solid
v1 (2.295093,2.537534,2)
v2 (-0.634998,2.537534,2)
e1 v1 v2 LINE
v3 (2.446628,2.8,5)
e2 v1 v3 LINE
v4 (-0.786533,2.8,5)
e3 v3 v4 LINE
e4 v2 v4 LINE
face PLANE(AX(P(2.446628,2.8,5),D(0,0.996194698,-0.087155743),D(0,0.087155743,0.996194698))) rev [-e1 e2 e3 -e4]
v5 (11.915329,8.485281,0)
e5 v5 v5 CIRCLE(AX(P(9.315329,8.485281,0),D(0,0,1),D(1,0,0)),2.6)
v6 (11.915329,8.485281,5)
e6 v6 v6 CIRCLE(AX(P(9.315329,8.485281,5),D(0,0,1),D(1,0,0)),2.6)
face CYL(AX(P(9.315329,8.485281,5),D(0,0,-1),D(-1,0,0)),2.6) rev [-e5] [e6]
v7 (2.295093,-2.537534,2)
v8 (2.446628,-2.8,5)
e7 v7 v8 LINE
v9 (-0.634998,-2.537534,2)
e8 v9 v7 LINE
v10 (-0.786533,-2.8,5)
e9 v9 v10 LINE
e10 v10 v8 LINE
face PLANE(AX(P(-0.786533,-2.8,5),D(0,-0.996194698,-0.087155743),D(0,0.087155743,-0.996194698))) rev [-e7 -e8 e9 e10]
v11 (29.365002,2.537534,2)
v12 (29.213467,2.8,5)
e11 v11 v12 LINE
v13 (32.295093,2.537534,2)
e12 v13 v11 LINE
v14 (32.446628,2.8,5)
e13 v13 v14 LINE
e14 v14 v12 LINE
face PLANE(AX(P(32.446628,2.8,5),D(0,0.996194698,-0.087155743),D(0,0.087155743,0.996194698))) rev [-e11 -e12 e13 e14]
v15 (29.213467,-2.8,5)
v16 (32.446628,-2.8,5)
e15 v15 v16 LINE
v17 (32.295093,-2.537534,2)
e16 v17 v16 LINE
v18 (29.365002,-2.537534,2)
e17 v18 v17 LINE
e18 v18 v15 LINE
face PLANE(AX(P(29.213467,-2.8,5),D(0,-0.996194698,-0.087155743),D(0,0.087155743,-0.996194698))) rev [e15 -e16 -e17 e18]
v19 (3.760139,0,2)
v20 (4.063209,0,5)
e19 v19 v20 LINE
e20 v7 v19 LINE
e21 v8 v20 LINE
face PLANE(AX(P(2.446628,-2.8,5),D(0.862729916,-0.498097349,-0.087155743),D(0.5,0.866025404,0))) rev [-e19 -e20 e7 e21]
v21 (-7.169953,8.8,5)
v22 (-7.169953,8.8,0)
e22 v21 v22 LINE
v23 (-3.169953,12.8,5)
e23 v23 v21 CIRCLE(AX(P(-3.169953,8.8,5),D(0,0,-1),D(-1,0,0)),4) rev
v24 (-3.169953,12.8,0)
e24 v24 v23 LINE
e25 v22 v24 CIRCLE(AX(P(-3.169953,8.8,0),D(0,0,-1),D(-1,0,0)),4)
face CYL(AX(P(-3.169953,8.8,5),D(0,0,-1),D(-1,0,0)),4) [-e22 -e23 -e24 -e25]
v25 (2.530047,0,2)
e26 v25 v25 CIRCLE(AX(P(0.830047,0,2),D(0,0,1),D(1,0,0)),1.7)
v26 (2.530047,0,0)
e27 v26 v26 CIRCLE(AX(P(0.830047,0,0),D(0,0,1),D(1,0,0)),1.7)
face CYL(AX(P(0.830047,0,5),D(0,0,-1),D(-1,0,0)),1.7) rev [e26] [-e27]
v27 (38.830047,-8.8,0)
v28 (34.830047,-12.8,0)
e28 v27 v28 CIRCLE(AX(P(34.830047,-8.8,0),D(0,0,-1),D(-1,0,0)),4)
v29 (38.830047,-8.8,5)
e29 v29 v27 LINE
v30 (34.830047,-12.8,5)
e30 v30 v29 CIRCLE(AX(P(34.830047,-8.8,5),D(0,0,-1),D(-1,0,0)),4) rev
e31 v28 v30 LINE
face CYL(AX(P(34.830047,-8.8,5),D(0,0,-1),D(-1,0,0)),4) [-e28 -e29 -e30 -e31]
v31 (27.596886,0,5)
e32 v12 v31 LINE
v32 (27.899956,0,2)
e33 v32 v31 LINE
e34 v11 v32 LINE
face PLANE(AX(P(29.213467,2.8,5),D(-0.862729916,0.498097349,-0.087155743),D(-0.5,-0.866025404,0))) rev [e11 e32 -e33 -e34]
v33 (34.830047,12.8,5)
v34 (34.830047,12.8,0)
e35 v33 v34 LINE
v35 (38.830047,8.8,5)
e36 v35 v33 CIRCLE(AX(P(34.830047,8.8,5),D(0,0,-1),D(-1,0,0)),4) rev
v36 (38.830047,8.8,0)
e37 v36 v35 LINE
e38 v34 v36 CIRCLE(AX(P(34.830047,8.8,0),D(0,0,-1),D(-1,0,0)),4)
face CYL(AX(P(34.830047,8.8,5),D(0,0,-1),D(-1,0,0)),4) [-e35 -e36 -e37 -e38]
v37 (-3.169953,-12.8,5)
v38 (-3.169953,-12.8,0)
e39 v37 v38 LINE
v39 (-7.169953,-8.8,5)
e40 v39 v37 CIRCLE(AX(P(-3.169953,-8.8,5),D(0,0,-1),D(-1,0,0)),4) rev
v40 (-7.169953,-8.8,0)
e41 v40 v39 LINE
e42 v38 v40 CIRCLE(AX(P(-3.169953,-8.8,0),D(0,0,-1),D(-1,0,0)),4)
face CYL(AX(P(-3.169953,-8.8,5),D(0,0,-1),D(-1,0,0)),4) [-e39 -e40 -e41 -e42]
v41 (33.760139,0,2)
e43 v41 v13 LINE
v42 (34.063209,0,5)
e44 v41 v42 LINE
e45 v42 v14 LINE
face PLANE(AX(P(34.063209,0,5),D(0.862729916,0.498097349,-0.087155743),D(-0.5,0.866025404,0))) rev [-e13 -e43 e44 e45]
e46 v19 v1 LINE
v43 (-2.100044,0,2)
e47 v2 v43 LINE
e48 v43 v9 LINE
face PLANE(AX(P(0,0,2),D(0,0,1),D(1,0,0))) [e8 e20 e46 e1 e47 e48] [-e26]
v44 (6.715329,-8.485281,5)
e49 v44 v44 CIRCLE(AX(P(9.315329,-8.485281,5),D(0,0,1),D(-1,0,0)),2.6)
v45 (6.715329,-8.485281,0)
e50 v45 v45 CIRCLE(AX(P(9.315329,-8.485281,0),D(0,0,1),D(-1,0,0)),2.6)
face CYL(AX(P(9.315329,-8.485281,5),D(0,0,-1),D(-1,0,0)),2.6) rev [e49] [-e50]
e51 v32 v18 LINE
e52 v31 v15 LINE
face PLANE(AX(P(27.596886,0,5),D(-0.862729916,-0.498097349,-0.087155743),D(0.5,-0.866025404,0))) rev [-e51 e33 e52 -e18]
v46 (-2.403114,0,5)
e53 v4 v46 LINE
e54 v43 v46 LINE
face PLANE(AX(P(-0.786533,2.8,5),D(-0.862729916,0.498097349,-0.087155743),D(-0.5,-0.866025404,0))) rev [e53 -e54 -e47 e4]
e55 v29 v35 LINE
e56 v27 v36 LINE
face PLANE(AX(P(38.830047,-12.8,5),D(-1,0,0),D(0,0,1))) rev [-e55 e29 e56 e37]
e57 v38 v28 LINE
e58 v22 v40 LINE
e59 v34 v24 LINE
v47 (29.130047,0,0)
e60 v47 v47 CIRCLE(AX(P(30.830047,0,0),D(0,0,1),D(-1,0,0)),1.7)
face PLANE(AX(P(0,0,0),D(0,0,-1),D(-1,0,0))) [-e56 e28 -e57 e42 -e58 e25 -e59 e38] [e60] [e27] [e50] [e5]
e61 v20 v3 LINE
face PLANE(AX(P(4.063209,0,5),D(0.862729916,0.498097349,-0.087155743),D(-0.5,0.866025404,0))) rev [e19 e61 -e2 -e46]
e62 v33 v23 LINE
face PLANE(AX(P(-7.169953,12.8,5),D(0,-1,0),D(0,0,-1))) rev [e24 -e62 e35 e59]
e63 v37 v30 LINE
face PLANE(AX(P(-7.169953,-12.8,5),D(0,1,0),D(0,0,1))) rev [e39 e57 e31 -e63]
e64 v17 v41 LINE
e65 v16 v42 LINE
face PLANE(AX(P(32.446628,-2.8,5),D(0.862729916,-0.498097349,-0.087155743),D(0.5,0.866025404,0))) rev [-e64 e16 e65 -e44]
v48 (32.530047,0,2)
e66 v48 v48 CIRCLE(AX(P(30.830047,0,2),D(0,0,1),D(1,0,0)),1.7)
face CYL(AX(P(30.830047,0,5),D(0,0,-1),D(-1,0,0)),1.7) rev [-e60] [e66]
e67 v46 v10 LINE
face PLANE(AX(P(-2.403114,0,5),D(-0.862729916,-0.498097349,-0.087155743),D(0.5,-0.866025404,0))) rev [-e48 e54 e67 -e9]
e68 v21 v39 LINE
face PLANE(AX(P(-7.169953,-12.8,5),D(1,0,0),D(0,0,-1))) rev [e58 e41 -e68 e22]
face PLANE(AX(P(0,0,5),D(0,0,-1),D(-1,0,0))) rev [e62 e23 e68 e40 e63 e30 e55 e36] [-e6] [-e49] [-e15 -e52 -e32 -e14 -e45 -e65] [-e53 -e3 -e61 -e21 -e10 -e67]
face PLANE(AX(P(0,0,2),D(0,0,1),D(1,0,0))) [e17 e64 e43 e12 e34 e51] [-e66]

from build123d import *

# Parameters (mm, degrees)
ESQUISSE1_W             = 46
ESQUISSE1_H             = 25.6
ESQUISSE1_R             = 1.7
ESQUISSE1_R_2           = 2.6
BOSS_EXTRU_1_DEPTH      = 5
ENL_V_MAT_EXTRU_2_DEPTH = 3
ENL_V_MAT_EXTRU_2_TAPER = 5
CONG_1_R                = 4


with BuildPart() as part:
    # Esquisse1 → Boss.-Extru.1 (new body)
    with BuildSketch(Plane.XY):
        with Locations((15.830047476, 0)):
            Rectangle(ESQUISSE1_W, ESQUISSE1_H)
        with Locations((0.830047476, 0)):
            Circle(ESQUISSE1_R, mode=Mode.SUBTRACT)
        with Locations((9.315328851, 8.485281374)):
            Circle(ESQUISSE1_R_2, mode=Mode.SUBTRACT)
        with Locations((9.315328851, -8.485281374)):
            Circle(ESQUISSE1_R_2, mode=Mode.SUBTRACT)
        with Locations((30.830047476, 0)):
            Circle(ESQUISSE1_R, mode=Mode.SUBTRACT)
    extrude(amount=BOSS_EXTRU_1_DEPTH)

    # Esquisse3 → Enlèv. mat.-Extru.2 (cut)
    with BuildSketch(Plane.XY.offset(5)):
        Polygon((4.063208984, 0), (2.44662823, 2.8), (-0.786533277, 2.8), (-2.403114031, 0), (-0.786533277, -2.8), (2.44662823, -2.8), align=None)
        Polygon((34.063208984, 0), (32.44662823, 2.8), (29.213466723, 2.8), (27.596885969, 0), (29.213466723, -2.8), (32.44662823, -2.8), align=None)
    extrude(amount=-ENL_V_MAT_EXTRU_2_DEPTH, taper=ENL_V_MAT_EXTRU_2_TAPER, mode=Mode.SUBTRACT)

    # Congé1
    cong_1_edges = [part.edges().sort_by_distance(p)[0] for p in [
        (38.830047476, -12.8, 2.5),
        (-7.169952524, -12.8, 2.5),
        (-7.169952524, 12.8, 2.5),
        (38.830047476, 12.8, 2.5),
    ]]
    fillet(cong_1_edges, radius=CONG_1_R)


solid = part.part
